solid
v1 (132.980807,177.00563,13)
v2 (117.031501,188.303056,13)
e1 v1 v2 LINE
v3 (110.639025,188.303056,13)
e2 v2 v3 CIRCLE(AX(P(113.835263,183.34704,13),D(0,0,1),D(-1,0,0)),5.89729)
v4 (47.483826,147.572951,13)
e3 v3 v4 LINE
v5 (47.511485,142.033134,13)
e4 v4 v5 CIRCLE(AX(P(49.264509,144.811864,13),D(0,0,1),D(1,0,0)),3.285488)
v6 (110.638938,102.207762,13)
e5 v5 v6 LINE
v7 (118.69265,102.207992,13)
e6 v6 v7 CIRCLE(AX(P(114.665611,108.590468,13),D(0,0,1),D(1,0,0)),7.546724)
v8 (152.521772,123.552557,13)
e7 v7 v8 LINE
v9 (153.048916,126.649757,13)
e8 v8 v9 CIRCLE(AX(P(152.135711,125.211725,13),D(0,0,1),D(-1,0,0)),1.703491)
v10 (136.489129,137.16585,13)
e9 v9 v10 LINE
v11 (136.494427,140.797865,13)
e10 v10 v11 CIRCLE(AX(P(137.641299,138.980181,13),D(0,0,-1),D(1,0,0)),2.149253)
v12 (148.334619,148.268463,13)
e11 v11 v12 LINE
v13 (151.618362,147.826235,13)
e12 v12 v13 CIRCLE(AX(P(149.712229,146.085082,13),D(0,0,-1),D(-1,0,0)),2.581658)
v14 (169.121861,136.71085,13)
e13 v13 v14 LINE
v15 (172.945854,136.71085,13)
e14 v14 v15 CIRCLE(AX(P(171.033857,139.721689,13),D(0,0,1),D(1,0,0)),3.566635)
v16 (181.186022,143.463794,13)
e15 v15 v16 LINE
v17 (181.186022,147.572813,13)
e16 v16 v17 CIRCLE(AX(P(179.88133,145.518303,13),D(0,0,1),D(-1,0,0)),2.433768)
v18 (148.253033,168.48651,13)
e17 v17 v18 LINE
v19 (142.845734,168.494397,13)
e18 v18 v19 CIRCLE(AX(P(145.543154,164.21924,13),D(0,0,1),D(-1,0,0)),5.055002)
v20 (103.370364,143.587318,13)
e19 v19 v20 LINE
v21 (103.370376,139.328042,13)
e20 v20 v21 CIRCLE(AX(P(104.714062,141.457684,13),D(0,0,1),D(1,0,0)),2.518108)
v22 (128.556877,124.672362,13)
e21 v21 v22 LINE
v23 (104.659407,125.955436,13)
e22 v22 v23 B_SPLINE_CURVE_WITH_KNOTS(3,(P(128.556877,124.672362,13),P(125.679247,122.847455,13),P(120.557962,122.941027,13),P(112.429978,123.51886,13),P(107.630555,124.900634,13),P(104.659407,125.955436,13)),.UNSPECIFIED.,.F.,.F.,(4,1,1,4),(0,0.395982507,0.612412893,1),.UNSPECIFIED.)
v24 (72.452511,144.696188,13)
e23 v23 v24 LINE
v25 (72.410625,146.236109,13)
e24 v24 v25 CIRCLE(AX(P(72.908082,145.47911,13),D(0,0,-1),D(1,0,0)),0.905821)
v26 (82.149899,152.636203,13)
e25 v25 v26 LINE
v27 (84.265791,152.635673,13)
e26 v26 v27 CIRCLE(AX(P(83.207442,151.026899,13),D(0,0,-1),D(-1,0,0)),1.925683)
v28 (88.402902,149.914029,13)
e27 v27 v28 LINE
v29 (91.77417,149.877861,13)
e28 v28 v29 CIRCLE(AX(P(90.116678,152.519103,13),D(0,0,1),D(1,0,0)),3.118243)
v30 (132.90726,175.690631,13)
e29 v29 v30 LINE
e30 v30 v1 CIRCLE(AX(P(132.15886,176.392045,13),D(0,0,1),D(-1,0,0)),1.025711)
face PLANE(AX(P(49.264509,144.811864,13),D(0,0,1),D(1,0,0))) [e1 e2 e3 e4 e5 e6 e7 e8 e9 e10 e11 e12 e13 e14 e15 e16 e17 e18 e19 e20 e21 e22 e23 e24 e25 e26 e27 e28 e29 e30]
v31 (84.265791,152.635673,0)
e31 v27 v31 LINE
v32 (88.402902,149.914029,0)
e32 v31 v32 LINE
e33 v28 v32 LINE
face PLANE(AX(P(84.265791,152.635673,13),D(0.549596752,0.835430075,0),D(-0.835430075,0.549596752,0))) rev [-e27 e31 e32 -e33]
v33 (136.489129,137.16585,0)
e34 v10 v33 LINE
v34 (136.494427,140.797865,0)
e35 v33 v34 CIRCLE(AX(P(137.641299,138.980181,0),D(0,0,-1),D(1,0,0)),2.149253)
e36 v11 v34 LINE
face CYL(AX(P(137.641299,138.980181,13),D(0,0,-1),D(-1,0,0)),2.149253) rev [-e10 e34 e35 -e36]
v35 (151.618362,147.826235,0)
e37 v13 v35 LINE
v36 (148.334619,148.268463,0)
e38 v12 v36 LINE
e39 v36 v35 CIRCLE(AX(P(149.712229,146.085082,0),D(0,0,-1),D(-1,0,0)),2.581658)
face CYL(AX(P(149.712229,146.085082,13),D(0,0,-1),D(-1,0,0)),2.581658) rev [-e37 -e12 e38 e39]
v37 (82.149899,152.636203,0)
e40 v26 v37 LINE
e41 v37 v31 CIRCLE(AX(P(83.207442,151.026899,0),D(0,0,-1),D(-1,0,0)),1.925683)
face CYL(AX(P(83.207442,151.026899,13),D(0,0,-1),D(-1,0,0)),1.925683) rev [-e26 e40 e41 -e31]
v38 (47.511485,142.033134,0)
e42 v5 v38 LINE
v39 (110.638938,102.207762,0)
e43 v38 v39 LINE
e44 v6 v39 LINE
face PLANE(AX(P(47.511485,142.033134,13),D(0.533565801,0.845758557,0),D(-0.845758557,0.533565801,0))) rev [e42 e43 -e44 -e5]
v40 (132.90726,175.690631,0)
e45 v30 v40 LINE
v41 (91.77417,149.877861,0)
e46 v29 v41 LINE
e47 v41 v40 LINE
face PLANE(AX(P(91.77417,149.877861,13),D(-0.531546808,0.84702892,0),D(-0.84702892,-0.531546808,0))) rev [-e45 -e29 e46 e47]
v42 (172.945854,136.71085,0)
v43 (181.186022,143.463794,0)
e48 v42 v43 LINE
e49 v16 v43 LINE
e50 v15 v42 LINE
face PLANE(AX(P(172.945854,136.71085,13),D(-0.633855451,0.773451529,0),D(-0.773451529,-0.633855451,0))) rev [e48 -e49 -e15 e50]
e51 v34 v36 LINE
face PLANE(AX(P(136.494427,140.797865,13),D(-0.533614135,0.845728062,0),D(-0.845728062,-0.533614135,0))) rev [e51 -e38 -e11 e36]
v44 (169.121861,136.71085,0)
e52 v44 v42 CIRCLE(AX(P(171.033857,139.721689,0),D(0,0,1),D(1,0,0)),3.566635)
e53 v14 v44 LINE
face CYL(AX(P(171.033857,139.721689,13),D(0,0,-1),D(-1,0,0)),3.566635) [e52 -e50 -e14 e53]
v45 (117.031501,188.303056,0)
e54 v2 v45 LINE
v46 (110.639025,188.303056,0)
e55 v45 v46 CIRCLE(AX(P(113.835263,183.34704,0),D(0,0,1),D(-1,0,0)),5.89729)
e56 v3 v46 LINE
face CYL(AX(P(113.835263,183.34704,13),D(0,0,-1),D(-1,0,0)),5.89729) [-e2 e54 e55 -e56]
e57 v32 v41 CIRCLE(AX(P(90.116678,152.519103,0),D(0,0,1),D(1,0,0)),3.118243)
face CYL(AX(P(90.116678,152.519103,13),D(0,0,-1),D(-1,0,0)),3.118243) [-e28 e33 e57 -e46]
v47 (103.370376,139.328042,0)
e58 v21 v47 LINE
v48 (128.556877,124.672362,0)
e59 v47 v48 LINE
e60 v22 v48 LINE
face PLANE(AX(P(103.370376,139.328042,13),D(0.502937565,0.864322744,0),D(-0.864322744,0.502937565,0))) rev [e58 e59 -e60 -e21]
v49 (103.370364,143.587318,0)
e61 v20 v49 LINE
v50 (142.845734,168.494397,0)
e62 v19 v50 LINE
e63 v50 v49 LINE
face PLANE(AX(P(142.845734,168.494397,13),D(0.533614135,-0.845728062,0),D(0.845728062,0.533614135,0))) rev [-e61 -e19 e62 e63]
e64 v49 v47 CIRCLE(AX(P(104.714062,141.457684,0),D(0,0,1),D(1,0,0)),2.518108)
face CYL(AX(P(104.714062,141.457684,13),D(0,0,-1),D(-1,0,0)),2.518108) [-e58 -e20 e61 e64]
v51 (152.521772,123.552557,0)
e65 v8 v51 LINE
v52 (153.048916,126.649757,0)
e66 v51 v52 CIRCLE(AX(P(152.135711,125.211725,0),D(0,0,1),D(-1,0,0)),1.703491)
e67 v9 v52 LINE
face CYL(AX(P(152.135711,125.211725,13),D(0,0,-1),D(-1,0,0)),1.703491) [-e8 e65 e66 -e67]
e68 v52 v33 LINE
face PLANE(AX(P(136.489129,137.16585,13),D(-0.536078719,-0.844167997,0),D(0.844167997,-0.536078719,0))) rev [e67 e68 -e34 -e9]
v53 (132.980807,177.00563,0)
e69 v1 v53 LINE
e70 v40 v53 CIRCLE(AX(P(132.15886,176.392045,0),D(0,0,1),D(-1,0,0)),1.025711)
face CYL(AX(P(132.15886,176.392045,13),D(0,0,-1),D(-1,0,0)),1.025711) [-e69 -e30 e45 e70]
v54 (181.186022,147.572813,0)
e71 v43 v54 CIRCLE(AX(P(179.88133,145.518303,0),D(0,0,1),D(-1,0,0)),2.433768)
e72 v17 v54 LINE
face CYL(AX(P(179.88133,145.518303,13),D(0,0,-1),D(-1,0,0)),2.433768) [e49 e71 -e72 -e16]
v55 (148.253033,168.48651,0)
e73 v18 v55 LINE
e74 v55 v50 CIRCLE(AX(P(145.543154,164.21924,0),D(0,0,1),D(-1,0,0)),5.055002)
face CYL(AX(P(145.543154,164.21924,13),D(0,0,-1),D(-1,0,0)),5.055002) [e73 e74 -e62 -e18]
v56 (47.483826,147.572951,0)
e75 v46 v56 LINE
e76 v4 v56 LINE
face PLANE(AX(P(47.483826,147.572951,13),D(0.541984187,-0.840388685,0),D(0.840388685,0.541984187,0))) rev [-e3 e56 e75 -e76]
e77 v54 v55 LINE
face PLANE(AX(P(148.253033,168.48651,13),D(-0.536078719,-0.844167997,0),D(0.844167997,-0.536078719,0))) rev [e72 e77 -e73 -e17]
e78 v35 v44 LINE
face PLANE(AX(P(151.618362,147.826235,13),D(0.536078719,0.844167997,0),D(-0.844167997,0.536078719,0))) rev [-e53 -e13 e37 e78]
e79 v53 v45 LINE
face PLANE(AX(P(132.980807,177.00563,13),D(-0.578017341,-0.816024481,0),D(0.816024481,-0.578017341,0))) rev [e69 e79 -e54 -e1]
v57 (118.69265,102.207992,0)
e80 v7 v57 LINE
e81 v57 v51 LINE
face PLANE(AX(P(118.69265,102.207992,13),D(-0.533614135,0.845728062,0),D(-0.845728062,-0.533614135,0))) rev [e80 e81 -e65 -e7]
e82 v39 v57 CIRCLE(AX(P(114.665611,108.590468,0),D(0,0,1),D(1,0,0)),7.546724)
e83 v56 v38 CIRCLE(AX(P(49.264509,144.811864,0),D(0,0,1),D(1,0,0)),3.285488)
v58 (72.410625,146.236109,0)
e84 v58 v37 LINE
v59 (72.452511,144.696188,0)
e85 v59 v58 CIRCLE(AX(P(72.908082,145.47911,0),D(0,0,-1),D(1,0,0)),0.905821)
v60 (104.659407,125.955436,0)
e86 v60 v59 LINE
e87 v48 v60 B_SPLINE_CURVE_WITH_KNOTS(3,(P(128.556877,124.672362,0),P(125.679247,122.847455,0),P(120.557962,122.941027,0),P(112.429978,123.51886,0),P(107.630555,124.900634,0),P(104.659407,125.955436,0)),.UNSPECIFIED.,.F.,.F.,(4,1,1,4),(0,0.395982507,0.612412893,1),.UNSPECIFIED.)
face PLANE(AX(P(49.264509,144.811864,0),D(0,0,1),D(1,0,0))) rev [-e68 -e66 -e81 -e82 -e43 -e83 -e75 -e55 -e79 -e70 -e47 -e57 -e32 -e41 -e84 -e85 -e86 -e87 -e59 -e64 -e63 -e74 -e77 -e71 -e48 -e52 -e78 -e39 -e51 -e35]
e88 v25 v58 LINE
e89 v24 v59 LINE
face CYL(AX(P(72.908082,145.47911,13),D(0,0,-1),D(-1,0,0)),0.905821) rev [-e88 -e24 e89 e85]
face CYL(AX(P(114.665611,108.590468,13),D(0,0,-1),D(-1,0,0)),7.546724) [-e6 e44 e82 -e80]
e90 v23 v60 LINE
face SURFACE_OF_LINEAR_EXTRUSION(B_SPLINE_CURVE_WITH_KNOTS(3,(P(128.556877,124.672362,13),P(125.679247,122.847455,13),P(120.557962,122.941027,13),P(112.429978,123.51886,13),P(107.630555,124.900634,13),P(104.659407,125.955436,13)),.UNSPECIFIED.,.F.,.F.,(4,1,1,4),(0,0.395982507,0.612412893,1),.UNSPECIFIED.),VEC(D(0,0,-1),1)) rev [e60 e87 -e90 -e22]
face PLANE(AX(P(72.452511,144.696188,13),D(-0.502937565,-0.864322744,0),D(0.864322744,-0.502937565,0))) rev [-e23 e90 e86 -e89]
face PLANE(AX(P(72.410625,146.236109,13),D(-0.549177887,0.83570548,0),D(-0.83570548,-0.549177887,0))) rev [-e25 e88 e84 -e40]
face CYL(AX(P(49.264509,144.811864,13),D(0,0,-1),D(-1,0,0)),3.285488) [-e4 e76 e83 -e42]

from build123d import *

# Parameters (mm, degrees)
EXTRUDE_1_DEPTH = 13


with BuildPart() as part:
    # 草图1 → 凸台-拉伸1 (new body)
    with BuildSketch(Plane.XY):
        with BuildLine():
            Line((47.511484966, 142.033134461), (110.638937631, 102.207761638))
            ThreePointArc((110.638937631, 102.207761638), (114.665827011, 101.043744068), (118.692649861, 102.207991771))
            Line((118.692649861, 102.207991771), (152.521772353, 123.552557153))
            ThreePointArc((152.521772353, 123.552557153), (153.81505185, 124.925900716), (153.04891629, 126.649757061))
            Line((153.04891629, 126.649757061), (136.489129492, 137.165850219))
            ThreePointArc((136.489129492, 137.165850219), (135.492047357, 138.983315731), (136.494426509, 140.797865181))
            Line((136.494426509, 140.797865181), (148.334619381, 148.268463065))
            ThreePointArc((148.334619381, 148.268463065), (150.056794855, 148.643643111), (151.618362398, 147.826235477))
            Line((151.618362398, 147.826235477), (169.12186053, 136.710849803))
            ThreePointArc((169.12186053, 136.710849803), (171.033857417, 136.155053995), (172.945854303, 136.710849803))
            Line((172.945854303, 136.710849803), (181.18602163, 143.463793951))
            ThreePointArc((181.18602163, 143.463793951), (182.315098555, 145.518303295), (181.18602163, 147.572812638))
            Line((181.18602163, 147.572812638), (148.25303307, 168.486510374))
            ThreePointArc((148.25303307, 168.486510374), (145.550526458, 169.274236069), (142.84573367, 168.494396508))
            Line((142.84573367, 168.494396508), (103.370364428, 143.587318295))
            ThreePointArc((103.370364428, 143.587318295), (102.195954559, 141.45767708), (103.370375956, 139.328042221))
            Line((103.370375956, 139.328042221), (128.55687664, 124.67236247))
            add(Edge.make_bspline(
                [(104.659407223, 125.955435879), (107.630554524, 124.900634476), (112.429978189, 123.518860294), (120.55796174, 122.941026513), (125.679246688, 122.847455284), (128.55687664, 124.67236247)],
                knots=[0, 0, 0, 0, 0.387587107, 0.604017493, 1, 1, 1, 1], degree=3))
            Line((104.659407223, 125.955435879), (72.452510917, 144.69618768))
            ThreePointArc((72.452510917, 144.69618768), (72.002596111, 145.454480563), (72.410625454, 146.236109301))
            Line((72.410625454, 146.236109301), (82.149898801, 152.636203216))
            ThreePointArc((82.149898801, 152.636203216), (83.207924224, 152.95258239), (84.265790914, 152.635672874))
            Line((84.265790914, 152.635672874), (88.402902158, 149.914029293))
            ThreePointArc((88.402902158, 149.914029293), (90.083226665, 149.40103976), (91.774170174, 149.877861281))
            Line((91.774170174, 149.877861281), (132.907259914, 175.690631112))
            ThreePointArc((132.907259914, 175.690631112), (133.18297095, 176.334767089), (132.980807122, 177.005630354))
            Line((132.980807122, 177.005630354), (117.031500859, 188.303055623))
            ThreePointArc((117.031500859, 188.303055623), (113.835262941, 189.244329835), (110.639025024, 188.303055623))
            Line((110.639025024, 188.303055623), (47.48382646, 147.572951165))
            ThreePointArc((47.48382646, 147.572951165), (45.979061901, 144.795460967), (47.511484966, 142.033134461))
        make_face()
    extrude(amount=EXTRUDE_1_DEPTH)


solid = part.part
